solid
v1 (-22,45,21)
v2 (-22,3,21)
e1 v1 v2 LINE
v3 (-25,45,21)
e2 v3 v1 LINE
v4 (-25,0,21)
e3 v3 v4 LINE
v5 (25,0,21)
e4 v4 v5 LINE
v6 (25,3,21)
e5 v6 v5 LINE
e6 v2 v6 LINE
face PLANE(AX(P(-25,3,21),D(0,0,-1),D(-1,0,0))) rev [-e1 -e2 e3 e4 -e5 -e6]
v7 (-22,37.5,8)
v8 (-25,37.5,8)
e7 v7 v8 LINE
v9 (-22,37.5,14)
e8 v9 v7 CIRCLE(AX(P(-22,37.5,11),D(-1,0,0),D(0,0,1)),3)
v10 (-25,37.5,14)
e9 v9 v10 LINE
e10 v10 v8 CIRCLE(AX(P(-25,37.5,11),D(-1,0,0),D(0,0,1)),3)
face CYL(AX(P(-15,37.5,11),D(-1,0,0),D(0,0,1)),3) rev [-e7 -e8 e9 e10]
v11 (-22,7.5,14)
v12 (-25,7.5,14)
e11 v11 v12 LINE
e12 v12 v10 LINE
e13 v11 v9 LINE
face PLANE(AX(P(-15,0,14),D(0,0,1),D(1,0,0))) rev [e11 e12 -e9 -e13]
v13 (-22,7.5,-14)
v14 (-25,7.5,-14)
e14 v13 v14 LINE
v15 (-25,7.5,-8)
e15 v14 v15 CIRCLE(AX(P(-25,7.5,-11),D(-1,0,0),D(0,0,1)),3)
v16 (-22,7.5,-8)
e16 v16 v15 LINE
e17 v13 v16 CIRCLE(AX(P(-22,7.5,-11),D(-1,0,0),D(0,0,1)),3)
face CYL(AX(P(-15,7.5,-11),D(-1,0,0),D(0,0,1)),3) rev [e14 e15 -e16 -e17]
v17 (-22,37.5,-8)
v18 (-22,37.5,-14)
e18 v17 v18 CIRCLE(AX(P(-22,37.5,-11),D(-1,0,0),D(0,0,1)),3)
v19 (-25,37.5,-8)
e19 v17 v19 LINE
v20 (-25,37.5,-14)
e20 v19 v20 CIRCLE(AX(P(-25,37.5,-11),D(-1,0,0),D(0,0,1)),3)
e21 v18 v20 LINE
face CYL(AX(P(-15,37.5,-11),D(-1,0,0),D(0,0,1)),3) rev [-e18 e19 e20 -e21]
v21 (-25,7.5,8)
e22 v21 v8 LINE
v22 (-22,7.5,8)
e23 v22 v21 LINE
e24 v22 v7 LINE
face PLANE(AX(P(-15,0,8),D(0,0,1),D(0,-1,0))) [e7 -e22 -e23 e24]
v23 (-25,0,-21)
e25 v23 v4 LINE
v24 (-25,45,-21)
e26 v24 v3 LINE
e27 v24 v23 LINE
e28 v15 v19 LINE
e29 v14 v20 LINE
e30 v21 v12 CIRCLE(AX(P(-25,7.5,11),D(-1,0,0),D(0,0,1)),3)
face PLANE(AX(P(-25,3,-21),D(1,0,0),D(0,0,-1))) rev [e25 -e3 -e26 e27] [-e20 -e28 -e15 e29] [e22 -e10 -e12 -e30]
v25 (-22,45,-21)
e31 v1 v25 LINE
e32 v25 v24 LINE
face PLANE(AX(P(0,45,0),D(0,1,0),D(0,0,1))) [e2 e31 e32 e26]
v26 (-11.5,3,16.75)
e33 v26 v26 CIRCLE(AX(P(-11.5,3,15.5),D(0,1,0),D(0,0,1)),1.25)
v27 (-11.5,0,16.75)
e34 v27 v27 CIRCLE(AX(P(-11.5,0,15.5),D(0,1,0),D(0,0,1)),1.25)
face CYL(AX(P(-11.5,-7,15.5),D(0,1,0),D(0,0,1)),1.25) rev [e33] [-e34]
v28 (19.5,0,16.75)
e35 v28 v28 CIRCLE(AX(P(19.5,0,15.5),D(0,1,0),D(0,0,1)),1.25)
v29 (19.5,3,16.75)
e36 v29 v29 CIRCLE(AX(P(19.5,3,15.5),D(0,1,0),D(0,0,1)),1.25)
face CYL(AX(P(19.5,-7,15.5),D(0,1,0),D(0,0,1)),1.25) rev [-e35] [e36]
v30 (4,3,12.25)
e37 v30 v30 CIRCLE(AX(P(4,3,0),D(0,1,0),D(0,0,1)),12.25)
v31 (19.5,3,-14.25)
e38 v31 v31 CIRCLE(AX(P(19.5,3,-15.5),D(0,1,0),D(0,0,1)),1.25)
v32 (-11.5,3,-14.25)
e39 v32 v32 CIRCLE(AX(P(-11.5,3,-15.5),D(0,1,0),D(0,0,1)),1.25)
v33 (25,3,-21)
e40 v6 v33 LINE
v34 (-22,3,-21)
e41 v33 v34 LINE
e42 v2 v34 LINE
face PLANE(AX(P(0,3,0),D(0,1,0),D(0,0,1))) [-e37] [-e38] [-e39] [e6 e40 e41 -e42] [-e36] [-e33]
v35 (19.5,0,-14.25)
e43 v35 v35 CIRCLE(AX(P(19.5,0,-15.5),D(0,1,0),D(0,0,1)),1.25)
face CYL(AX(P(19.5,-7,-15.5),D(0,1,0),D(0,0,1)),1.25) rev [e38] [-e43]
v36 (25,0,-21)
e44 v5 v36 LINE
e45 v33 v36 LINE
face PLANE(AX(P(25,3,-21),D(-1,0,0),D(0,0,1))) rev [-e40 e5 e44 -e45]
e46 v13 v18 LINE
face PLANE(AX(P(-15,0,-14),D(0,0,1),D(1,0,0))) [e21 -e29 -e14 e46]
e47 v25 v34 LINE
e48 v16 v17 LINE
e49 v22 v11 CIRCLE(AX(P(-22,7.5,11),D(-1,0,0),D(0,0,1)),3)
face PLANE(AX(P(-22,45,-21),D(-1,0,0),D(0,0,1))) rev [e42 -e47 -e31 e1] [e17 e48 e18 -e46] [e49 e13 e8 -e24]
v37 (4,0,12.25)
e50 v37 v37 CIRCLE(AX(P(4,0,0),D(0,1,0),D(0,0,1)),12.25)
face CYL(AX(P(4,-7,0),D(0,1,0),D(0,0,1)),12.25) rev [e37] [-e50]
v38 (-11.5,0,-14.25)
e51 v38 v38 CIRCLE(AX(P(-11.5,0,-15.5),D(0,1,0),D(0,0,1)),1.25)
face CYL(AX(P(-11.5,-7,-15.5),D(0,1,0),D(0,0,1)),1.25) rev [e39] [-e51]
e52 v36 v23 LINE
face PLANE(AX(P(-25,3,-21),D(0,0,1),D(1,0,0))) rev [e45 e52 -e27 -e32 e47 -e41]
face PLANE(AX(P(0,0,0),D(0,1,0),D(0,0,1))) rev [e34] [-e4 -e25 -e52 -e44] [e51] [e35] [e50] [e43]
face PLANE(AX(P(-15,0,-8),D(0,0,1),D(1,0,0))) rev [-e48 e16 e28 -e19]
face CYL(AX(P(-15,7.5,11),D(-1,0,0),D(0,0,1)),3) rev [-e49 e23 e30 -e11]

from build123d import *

# Parameters (mm, degrees)
SKETCH1_W           = 50
SKETCH1_H           = 42
BOSS_EXTRUDE1_DEPTH = 3
SKETCH2_W           = 3
SKETCH2_H           = 42
BOSS_EXTRUDE2_DEPTH = 42
CUT_EXTRUDE2_DEPTH  = 10
SKETCH5_R           = 12.25
SKETCH5_R_2         = 1.25
CUT_EXTRUDE3_DEPTH  = 10


with BuildPart() as part:
    # Sketch1 → Boss-Extrude1 (new body)
    with BuildSketch(Plane(origin=(0, 0, 0), x_dir=(1, 0, 0), z_dir=(0, 1, 0))):
        Rectangle(SKETCH1_W, SKETCH1_H)
    extrude(amount=BOSS_EXTRUDE1_DEPTH)

    # Sketch2 → Boss-Extrude2 (add)
    with BuildSketch(Plane(origin=(0, 3, 0), x_dir=(1, 0, 0), z_dir=(0, 1, 0))):
        with Locations((-23.5, 0)):
            Rectangle(SKETCH2_W, SKETCH2_H)
    extrude(amount=BOSS_EXTRUDE2_DEPTH)

    # Sketch4 → Cut-Extrude2 (cut)
    with BuildSketch(Plane.ZY.offset(25)):
        with BuildLine():
            ThreePointArc((-8, 7.5), (-11, 10.5), (-14, 7.5))
            Line((-14, 7.5), (-8, 7.5))
        make_face()
        with BuildLine():
            Line((-8, 7.5), (-14, 7.5))
            ThreePointArc((-14, 7.5), (-11, 4.5), (-8, 7.5))
        make_face()
        with BuildLine():
            Line((-14, 37.5), (-14, 7.5))
            ThreePointArc((-14, 7.5), (-11, 10.5), (-8, 7.5))
            Line((-8, 7.5), (-8, 37.5))
            ThreePointArc((-8, 37.5), (-11, 34.5), (-14, 37.5))
        make_face()
        with BuildLine():
            ThreePointArc((-8, 37.5), (-11, 40.5), (-14, 37.5))
            Line((-14, 37.5), (-8, 37.5))
        make_face()
        with BuildLine():
            Line((-8, 37.5), (-14, 37.5))
            ThreePointArc((-14, 37.5), (-11, 34.5), (-8, 37.5))
        make_face()
        with BuildLine():
            Line((8, 37.5), (8, 7.5))
            ThreePointArc((8, 7.5), (11, 10.5), (14, 7.5))
            Line((14, 7.5), (14, 37.5))
            ThreePointArc((14, 37.5), (11, 34.5), (8, 37.5))
        make_face()
        with BuildLine():
            ThreePointArc((14, 37.5), (11, 40.5), (8, 37.5))
            Line((8, 37.5), (14, 37.5))
        make_face()
        with BuildLine():
            Line((14, 37.5), (8, 37.5))
            ThreePointArc((8, 37.5), (11, 34.5), (14, 37.5))
        make_face()
        with BuildLine():
            ThreePointArc((14, 7.5), (11, 10.5), (8, 7.5))
            Line((8, 7.5), (14, 7.5))
        make_face()
        with BuildLine():
            Line((14, 7.5), (8, 7.5))
            ThreePointArc((8, 7.5), (11, 4.5), (14, 7.5))
        make_face()
    extrude(amount=-CUT_EXTRUDE2_DEPTH, mode=Mode.SUBTRACT)

    # Sketch5 → Cut-Extrude3 (cut)
    with BuildSketch(Plane(origin=(0, 3, 0), x_dir=(1, 0, 0), z_dir=(0, 1, 0))):
        with Locations((4, 0)):
            Circle(SKETCH5_R)
        with Locations((-11.5, -15.5)):
            Circle(SKETCH5_R_2)
        with Locations((19.5, -15.5)):
            Circle(SKETCH5_R_2)
        with Locations((19.5, 15.5)):
            Circle(SKETCH5_R_2)
        with Locations((-11.5, 15.5)):
            Circle(SKETCH5_R_2)
    extrude(amount=-CUT_EXTRUDE3_DEPTH, mode=Mode.SUBTRACT)


solid = part.part
